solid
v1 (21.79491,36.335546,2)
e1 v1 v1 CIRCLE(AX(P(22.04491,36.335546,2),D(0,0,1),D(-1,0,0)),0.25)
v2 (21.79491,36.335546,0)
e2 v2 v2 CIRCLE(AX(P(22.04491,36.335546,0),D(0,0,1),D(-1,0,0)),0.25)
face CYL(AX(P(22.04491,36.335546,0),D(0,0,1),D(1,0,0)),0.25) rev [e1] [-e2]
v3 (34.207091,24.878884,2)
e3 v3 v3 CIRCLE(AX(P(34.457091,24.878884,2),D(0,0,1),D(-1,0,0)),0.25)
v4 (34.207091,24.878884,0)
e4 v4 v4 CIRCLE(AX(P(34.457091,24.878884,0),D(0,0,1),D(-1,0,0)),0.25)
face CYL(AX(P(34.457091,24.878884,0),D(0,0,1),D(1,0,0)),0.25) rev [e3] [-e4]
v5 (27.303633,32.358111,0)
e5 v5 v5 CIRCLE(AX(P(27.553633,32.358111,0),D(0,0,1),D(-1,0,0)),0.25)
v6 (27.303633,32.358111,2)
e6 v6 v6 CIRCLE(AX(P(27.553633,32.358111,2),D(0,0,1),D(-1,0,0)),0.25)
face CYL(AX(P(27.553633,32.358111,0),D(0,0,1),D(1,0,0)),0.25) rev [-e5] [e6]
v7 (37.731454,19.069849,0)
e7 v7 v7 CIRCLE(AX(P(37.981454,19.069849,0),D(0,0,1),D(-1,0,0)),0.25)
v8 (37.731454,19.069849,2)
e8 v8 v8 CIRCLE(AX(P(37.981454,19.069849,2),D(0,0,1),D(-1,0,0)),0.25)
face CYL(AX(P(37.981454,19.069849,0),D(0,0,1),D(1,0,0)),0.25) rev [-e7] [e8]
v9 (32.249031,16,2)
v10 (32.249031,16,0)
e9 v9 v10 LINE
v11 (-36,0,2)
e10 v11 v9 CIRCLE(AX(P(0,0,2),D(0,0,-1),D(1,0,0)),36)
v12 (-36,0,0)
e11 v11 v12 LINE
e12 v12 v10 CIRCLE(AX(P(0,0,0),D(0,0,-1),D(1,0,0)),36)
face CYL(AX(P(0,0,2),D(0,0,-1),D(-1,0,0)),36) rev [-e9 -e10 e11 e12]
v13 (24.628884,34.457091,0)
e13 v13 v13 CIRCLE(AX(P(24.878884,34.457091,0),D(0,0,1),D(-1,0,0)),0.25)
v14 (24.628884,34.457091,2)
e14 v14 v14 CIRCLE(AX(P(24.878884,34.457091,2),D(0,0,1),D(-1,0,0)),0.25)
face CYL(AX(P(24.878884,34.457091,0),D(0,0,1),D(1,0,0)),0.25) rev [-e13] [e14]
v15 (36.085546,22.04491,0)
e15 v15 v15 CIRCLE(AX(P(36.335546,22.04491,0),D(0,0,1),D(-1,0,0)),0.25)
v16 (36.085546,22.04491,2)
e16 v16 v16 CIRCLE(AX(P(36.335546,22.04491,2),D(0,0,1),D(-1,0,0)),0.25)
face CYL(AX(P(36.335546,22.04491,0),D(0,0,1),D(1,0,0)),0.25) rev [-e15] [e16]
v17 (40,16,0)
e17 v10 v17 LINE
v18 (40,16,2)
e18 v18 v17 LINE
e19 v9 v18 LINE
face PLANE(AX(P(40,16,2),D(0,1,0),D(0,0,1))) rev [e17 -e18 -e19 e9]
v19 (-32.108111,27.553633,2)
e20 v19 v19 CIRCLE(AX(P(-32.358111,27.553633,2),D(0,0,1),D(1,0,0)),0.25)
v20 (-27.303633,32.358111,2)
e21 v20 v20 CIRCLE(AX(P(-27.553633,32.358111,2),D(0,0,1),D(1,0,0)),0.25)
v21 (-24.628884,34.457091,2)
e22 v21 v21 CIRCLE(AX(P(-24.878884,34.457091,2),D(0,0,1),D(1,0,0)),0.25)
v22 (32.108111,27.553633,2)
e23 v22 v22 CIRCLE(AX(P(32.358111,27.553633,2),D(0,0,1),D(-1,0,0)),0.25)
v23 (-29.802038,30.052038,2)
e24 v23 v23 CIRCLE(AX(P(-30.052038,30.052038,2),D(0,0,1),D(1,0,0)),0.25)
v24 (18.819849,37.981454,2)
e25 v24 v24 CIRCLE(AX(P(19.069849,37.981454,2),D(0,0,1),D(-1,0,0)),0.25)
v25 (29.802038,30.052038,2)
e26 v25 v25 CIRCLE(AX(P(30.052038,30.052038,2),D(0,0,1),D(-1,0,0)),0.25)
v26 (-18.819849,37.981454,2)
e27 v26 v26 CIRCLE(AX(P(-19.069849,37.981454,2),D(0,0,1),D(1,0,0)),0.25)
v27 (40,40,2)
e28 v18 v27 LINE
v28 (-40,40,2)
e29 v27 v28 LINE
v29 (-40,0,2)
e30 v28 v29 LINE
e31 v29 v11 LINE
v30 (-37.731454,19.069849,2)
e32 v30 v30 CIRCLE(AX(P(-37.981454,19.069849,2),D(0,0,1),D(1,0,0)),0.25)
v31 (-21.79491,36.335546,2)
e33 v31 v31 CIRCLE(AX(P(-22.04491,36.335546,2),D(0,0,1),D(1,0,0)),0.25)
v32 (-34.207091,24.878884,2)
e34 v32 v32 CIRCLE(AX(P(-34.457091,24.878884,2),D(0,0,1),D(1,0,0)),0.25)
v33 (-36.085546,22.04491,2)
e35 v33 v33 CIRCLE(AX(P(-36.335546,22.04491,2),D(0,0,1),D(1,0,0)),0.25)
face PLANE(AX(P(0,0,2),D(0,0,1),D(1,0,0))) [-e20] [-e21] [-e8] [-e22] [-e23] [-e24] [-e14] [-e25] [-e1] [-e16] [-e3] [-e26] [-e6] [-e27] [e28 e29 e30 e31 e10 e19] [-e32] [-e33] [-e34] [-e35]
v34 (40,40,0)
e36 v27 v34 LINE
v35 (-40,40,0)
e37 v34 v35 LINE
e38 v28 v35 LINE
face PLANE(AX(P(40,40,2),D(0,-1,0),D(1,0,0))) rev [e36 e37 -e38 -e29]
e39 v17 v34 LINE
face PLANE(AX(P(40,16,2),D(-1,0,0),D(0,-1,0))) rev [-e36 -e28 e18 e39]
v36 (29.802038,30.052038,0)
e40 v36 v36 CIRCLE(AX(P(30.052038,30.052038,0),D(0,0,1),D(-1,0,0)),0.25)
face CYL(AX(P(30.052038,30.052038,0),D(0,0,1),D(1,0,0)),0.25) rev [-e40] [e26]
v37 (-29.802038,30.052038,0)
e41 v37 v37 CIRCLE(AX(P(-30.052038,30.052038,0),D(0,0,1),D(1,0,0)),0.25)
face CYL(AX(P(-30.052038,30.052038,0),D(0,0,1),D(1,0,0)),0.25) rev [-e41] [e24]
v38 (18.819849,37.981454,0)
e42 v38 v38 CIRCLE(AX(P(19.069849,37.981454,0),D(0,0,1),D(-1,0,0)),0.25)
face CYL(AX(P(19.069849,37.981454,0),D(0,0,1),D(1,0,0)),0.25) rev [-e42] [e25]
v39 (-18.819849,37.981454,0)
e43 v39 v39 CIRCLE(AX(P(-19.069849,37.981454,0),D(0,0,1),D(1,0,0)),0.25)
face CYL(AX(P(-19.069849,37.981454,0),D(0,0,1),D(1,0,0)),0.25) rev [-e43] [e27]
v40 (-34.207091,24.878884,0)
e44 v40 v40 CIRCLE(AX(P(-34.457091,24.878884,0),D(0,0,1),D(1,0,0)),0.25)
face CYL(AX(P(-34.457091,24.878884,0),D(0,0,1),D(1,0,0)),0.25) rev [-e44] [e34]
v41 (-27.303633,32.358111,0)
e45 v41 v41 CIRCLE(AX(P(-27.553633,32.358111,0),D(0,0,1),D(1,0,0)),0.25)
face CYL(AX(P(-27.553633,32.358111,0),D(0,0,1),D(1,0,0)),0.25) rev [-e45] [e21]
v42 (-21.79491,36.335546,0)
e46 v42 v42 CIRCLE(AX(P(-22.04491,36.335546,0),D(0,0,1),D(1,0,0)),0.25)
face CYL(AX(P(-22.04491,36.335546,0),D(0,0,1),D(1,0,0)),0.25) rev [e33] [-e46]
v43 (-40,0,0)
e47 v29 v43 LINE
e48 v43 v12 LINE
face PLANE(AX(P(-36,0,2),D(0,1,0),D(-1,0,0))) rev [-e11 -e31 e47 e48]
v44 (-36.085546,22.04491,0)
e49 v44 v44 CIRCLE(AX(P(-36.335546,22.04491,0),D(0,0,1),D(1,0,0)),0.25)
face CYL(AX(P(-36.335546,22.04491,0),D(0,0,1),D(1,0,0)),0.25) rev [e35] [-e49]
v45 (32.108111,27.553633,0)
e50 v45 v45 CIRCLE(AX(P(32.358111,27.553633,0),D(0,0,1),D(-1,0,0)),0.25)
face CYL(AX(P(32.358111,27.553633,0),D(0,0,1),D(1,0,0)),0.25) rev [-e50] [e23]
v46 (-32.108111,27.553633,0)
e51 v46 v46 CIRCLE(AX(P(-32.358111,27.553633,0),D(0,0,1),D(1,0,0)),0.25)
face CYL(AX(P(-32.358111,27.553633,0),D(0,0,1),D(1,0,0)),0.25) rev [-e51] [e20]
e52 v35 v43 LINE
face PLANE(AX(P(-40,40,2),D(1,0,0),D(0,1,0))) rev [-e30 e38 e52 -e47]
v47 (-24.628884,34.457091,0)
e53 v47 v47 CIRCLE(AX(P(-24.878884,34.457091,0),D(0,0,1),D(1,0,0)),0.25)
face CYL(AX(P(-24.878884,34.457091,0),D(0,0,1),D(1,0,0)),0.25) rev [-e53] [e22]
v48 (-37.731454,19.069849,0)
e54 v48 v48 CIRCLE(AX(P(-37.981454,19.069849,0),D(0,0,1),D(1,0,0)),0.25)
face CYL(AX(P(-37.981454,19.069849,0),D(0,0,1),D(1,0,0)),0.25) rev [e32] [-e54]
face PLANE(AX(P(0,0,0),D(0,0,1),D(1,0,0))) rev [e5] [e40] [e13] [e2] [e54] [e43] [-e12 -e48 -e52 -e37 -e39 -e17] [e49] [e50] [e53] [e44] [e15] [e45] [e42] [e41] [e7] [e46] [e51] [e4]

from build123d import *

# Parameters (mm, degrees)
BOSS_EXTRU_1_DEPTH      = 2
ESQUISSE2_R             = 0.25
ENL_V_MAT_EXTRU_1_DEPTH = 2


with BuildPart() as part:
    # Esquisse1 → Boss.-Extru.1 (new body)
    with BuildSketch(Plane.XY):
        with BuildLine():
            Line((40, 16), (40, 40))
            Line((40, 40), (-40, 40))
            Line((-40, 40), (-40, 0))
            Line((-40, 0), (-36, 0))
            ThreePointArc((-36, 0), (-8.216899788, 35.049715518), (32.249030993, 16))
            Line((32.249030993, 16), (40, 16))
        make_face()
    extrude(amount=BOSS_EXTRU_1_DEPTH)

    # Esquisse2 → Enlèv. mat.-Extru.1 (cut)
    with BuildSketch(Plane.XY.offset(2)):
        with Locations((-37.981453947, 19.069849399)):
            Circle(ESQUISSE2_R)
        with Locations((-36.335546301, 22.04491041)):
            Circle(ESQUISSE2_R)
        with Locations((-34.457091159, 24.878883995)):
            Circle(ESQUISSE2_R)
        with Locations((-32.358110634, 27.553632723)):
            Circle(ESQUISSE2_R)
        with Locations((-30.0520382, 30.0520382)):
            Circle(ESQUISSE2_R)
        with Locations((-27.553632723, 32.358110634)):
            Circle(ESQUISSE2_R)
        with Locations((-24.878883995, 34.457091159)):
            Circle(ESQUISSE2_R)
        with Locations((-22.04491041, 36.335546301)):
            Circle(ESQUISSE2_R)
        with Locations((-19.069849399, 37.981453947)):
            Circle(ESQUISSE2_R)
        with Locations(Location((19.069849399, 37.981453947, 0), (0, 0, 180))):
            Circle(ESQUISSE2_R)
        with Locations(Location((22.04491041, 36.335546301, 0), (0, 0, 180))):
            Circle(ESQUISSE2_R)
        with Locations(Location((24.878883995, 34.457091159, 0), (0, 0, 180))):
            Circle(ESQUISSE2_R)
        with Locations(Location((27.553632723, 32.358110634, 0), (0, 0, 180))):
            Circle(ESQUISSE2_R)
        with Locations(Location((30.0520382, 30.0520382, 0), (0, 0, 180))):
            Circle(ESQUISSE2_R)
        with Locations(Location((32.358110634, 27.553632723, 0), (0, 0, 180))):
            Circle(ESQUISSE2_R)
        with Locations(Location((34.457091159, 24.878883995, 0), (0, 0, 180))):
            Circle(ESQUISSE2_R)
        with Locations(Location((36.335546301, 22.04491041, 0), (0, 0, 180))):
            Circle(ESQUISSE2_R)
        with Locations(Location((37.981453947, 19.069849399, 0), (0, 0, 180))):
            Circle(ESQUISSE2_R)
    extrude(amount=-ENL_V_MAT_EXTRU_1_DEPTH, mode=Mode.SUBTRACT)


solid = part.part
